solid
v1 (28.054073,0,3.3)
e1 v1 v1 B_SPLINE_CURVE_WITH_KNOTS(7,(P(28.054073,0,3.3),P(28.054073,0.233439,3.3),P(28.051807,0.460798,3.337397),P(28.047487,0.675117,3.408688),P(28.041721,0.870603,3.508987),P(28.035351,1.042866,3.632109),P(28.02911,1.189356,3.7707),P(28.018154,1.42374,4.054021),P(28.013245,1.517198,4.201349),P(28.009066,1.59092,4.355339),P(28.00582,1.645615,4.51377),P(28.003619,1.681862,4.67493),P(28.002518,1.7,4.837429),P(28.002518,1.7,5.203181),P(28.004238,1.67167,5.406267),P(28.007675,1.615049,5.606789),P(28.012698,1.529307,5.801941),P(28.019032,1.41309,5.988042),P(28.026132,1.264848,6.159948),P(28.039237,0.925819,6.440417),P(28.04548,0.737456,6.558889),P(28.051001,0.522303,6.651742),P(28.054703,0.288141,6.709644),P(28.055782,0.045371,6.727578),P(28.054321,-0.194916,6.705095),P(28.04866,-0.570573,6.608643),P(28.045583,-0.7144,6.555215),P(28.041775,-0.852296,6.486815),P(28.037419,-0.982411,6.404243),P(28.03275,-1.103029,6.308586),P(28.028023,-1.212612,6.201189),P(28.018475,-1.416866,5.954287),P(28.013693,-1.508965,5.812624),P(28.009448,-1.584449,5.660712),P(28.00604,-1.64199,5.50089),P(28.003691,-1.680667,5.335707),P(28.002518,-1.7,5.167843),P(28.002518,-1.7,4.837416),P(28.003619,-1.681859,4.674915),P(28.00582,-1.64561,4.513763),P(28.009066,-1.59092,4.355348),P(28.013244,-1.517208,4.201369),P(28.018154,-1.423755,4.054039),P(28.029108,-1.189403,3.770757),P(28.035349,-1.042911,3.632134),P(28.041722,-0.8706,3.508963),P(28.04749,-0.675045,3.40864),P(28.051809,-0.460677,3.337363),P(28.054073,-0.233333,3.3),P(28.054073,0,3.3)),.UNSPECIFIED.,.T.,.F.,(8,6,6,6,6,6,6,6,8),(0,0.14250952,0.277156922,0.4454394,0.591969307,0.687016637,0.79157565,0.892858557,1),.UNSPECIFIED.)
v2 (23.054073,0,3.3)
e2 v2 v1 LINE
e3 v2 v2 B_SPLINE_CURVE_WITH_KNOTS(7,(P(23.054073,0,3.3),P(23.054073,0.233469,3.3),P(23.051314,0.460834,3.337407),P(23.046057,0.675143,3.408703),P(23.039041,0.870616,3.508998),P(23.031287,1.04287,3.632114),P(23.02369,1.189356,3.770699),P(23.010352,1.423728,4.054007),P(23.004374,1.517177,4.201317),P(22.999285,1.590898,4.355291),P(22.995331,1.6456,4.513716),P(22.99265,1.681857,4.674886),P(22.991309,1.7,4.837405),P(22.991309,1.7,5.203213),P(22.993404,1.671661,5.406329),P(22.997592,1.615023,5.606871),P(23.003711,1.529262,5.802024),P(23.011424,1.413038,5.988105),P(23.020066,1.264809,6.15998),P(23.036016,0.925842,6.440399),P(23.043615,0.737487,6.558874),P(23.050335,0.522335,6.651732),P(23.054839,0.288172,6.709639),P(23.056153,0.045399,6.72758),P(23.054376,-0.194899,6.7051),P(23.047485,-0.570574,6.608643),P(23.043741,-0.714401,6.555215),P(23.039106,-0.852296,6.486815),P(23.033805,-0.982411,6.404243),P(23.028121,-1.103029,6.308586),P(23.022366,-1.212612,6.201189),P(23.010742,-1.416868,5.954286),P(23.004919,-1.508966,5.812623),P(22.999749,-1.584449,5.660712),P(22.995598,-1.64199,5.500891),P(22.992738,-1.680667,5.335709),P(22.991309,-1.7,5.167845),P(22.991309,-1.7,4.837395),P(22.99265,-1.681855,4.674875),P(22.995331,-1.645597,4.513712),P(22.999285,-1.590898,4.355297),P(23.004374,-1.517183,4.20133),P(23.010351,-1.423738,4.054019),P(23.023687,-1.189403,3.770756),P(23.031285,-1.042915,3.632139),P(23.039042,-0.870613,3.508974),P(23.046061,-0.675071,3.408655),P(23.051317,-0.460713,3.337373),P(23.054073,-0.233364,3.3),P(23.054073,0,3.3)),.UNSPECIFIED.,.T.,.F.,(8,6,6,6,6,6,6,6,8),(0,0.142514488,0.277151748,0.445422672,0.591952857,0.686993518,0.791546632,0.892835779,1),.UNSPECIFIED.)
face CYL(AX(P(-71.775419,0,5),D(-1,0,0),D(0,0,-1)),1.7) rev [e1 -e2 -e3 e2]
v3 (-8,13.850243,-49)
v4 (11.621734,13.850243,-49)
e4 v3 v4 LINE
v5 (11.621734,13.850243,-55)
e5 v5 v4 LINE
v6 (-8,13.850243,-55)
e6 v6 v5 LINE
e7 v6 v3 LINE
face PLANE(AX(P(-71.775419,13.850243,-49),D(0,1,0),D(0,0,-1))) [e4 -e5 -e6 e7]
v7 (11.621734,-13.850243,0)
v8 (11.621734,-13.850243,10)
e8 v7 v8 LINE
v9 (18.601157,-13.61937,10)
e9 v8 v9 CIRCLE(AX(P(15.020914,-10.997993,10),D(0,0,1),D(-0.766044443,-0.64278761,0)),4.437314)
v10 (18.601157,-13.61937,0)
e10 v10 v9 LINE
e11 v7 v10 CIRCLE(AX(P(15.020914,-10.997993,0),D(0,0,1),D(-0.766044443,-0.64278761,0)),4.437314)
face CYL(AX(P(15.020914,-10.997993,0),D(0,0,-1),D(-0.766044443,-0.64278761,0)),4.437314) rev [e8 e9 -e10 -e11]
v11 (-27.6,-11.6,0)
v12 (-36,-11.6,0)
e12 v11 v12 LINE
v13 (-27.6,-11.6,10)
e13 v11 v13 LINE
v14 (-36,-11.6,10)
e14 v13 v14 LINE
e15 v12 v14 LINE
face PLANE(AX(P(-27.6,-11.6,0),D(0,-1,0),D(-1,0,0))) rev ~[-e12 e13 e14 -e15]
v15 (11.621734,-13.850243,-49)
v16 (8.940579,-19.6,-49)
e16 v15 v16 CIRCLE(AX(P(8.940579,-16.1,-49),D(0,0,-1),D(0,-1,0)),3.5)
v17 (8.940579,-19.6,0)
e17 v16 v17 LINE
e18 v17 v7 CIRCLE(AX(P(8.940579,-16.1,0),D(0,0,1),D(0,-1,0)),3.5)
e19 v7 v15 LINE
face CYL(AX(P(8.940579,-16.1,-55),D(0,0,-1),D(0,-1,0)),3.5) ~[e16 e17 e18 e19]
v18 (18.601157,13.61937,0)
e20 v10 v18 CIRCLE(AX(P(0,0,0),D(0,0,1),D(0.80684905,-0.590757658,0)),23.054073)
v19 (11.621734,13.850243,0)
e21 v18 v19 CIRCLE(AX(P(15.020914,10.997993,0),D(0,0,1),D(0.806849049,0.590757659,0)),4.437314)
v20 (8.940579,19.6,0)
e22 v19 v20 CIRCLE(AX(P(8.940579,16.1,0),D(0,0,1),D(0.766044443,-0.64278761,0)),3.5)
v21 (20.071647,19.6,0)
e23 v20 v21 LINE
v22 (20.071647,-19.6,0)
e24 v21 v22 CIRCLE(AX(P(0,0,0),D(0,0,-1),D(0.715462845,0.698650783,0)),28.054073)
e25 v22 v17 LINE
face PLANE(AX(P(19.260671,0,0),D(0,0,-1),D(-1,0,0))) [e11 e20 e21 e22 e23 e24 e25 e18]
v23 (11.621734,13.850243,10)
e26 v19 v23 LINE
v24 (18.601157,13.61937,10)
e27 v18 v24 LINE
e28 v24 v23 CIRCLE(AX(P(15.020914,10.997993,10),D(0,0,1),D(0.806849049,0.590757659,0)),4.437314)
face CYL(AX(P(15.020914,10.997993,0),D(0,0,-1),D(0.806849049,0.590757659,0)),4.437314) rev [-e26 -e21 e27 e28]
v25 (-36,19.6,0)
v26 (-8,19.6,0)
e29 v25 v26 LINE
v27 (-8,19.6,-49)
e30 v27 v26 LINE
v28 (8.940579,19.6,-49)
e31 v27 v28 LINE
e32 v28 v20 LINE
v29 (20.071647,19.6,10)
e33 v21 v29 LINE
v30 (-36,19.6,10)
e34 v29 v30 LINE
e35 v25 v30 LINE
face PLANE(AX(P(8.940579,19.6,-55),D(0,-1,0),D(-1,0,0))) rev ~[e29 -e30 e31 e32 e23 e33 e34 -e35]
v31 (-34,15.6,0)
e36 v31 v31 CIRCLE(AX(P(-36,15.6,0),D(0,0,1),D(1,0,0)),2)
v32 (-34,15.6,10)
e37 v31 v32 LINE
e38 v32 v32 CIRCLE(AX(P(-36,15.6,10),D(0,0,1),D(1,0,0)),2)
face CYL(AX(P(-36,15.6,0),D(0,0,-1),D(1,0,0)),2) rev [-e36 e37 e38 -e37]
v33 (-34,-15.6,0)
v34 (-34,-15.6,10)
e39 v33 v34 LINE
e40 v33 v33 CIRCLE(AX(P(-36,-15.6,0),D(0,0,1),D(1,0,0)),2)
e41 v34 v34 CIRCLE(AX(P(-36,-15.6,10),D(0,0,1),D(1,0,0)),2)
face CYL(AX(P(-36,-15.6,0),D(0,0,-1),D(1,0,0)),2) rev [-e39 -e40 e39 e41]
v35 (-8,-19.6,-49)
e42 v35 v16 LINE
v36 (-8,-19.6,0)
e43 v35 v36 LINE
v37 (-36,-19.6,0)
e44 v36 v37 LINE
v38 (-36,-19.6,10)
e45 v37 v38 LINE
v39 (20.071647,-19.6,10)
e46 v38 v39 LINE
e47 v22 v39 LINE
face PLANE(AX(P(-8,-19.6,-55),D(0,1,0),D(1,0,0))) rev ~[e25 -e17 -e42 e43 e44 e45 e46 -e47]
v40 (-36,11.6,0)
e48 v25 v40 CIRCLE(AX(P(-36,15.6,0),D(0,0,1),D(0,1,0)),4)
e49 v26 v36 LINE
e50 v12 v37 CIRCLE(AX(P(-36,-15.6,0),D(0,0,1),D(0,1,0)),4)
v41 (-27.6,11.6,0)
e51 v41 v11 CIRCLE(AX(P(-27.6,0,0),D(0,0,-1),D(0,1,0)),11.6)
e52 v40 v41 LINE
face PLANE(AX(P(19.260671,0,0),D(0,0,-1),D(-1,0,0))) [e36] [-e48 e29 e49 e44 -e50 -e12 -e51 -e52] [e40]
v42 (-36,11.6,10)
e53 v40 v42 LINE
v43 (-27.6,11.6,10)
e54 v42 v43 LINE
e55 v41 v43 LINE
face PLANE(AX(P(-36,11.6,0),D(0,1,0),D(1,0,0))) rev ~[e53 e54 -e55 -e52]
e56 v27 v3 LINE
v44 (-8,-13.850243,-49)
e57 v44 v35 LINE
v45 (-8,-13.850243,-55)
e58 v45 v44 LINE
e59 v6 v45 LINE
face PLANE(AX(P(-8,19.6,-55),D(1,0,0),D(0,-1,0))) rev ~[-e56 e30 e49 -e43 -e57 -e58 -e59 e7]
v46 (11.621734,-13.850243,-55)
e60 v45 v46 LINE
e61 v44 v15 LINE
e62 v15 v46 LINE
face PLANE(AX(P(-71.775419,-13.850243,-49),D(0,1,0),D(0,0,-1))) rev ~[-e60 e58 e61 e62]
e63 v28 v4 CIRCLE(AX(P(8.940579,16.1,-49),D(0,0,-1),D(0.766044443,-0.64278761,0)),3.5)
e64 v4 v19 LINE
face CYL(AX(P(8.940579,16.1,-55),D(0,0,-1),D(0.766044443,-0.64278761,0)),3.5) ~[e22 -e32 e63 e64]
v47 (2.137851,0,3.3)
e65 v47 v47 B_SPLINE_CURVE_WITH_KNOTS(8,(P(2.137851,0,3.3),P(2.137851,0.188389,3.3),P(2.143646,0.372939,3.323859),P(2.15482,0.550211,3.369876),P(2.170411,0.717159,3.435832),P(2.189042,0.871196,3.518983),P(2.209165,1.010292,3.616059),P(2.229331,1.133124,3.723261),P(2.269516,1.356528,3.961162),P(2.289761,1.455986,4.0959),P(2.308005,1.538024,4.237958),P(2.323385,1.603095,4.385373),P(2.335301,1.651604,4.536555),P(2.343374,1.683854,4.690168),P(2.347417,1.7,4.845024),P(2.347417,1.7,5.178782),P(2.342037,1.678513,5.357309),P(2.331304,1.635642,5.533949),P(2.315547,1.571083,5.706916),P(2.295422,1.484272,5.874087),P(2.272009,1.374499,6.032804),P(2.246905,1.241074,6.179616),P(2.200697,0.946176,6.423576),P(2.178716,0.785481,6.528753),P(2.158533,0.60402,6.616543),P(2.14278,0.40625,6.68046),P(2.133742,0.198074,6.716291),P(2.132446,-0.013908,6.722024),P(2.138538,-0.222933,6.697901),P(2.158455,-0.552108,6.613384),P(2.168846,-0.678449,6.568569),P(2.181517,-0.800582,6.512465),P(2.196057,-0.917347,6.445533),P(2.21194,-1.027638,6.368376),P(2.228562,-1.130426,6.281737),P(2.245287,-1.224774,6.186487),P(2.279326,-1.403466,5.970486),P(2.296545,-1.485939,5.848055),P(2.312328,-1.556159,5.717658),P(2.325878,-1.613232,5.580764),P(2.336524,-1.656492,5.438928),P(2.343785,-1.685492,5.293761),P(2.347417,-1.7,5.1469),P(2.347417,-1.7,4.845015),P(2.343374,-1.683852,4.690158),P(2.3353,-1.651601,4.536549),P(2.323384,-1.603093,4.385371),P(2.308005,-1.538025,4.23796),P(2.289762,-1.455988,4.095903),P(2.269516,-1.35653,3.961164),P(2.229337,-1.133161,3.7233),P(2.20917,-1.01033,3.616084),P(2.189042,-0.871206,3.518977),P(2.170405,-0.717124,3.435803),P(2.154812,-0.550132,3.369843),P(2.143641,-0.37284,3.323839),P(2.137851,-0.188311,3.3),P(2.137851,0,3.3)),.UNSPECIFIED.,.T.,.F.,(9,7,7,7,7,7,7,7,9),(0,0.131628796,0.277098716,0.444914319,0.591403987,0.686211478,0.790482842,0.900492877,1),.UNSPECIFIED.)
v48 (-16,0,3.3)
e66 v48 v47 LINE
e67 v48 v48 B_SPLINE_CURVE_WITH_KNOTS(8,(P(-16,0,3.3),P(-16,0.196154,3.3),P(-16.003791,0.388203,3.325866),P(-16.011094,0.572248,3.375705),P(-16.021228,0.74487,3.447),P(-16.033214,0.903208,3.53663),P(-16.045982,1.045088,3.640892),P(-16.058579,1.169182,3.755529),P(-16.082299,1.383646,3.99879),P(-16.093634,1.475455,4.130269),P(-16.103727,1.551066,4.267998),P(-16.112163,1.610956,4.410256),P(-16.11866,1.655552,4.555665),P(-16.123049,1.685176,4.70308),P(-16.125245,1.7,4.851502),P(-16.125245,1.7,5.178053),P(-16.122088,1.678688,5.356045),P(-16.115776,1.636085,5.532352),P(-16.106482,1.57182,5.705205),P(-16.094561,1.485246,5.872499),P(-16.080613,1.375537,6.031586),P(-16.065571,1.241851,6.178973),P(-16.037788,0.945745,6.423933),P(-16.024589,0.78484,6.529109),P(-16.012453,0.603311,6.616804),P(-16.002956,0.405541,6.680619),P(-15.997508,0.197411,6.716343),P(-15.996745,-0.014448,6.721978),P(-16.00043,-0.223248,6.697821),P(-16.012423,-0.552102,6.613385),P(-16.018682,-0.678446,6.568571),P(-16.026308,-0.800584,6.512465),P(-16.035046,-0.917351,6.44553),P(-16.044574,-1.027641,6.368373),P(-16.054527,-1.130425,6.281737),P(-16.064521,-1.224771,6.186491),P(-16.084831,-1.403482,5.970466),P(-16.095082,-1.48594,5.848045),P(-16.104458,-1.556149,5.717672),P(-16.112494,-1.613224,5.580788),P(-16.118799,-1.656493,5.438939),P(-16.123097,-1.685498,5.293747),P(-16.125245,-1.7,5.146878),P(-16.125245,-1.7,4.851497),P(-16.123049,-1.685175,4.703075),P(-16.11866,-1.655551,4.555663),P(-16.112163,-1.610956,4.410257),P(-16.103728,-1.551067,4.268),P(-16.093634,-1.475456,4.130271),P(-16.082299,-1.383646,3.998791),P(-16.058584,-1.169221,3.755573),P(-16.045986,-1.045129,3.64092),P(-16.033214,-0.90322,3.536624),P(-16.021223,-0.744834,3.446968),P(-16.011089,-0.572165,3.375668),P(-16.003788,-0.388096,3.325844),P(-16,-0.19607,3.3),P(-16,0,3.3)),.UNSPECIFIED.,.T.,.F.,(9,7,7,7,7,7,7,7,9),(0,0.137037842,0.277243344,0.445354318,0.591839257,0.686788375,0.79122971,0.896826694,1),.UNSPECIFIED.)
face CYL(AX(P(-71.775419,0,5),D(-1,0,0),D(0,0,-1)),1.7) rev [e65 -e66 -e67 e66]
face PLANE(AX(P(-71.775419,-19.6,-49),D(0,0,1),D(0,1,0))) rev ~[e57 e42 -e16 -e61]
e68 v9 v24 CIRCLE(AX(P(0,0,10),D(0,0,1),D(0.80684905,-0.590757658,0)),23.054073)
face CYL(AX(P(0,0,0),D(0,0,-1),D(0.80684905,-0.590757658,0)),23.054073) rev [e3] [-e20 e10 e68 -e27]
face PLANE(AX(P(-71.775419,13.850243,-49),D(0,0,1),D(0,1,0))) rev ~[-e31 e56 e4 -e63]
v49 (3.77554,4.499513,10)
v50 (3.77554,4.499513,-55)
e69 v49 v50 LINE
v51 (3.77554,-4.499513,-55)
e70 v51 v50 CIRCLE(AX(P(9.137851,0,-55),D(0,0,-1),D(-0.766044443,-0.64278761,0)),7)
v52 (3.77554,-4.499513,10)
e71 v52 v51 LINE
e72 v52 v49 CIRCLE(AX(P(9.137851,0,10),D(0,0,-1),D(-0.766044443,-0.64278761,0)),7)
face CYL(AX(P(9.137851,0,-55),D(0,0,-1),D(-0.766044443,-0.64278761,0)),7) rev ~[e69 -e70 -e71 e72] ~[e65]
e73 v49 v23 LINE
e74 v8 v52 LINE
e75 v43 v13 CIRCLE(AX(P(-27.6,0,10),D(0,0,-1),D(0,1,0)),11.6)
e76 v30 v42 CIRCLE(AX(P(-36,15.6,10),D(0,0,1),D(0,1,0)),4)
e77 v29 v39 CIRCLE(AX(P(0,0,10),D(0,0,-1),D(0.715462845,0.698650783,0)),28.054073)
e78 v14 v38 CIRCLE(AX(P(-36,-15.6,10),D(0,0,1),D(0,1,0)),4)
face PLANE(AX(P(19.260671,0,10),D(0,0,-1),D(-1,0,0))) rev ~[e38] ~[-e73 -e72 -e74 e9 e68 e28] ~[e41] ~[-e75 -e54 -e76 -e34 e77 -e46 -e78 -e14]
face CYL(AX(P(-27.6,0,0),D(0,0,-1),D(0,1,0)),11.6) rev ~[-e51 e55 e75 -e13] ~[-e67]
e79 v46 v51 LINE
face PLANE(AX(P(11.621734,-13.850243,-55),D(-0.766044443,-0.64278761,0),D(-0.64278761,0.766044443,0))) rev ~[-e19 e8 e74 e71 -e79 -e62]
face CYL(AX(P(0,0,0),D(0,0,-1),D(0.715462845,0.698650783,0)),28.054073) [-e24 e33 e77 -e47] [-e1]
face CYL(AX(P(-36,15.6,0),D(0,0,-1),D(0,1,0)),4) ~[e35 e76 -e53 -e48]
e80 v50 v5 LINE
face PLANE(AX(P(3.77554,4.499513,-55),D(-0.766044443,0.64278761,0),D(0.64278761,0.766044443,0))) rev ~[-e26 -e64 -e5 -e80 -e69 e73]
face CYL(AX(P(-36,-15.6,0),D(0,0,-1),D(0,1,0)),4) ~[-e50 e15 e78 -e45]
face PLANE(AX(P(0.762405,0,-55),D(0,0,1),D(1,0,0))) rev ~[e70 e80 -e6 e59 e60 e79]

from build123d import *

# Parameters (mm, degrees)
SKETCH_1_R               = 2
EXTRUDE_1_DEPTH          = 10
EXTRUDE_START            = -15
EXTRUDE_2_DEPTH          = 15
EXTRUDE_START_2          = -55
EXTRUDE_3_DEPTH          = 40
CUT_EXTRUDE_1_DEPTH      = 71.775419462
CUT_EXTRUDE_1_DEPTH_BACK = 71.775419462
SKETCH_2_R               = 1.7
SKETCH_2_W               = 6
SKETCH_2_H               = 5.749756634


with BuildPart() as part:
    # 草图1 → 凸台-拉伸1 (new body)
    # profile 1 of 3: a face of its own
    with BuildSketch(Plane.XY):
        with BuildLine():
            Line((3.775539923, 4.499513268), (11.6217341, 13.850243366))
            ThreePointArc((11.6217341, 13.850243366), (12.112655804, 17.579163916), (8.940578549, 19.6))
            Line((8.940578549, 19.6), (-8, 19.6))
            Line((-8, 19.6), (-8, -19.6))
            Line((-8, -19.6), (8.940578549, -19.6))
            ThreePointArc((8.940578549, -19.6), (12.112655804, -17.579163916), (11.6217341, -13.850243366))
            Line((11.6217341, -13.850243366), (3.775539923, -4.499513268))
            ThreePointArc((3.775539923, -4.499513268), (2.137851025, 0), (3.775539923, 4.499513268))
        make_face()
    # profile 2 of 3: a face of its own
    with BuildSketch(Plane.XY):
        with BuildLine():
            Line((-8, -19.6), (-8, 19.6))
            Line((-8, 19.6), (-21.5, 19.6))
            Line((-21.5, 19.6), (-36, 19.6))
            ThreePointArc((-36, 19.6), (-40, 15.6), (-36, 11.6))
            Line((-36, 11.6), (-27.6, 11.6))
            ThreePointArc((-27.6, 11.6), (-16, 0), (-27.6, -11.6))
            Line((-27.6, -11.6), (-36, -11.6))
            ThreePointArc((-36, -11.6), (-40, -15.6), (-36, -19.6))
            Line((-36, -19.6), (-21.5, -19.6))
            Line((-21.5, -19.6), (-8, -19.6))
        make_face()
        with Locations((-36, -15.6)):
            Circle(SKETCH_1_R, mode=Mode.SUBTRACT)
        with Locations((-36, 15.6)):
            Circle(SKETCH_1_R, mode=Mode.SUBTRACT)
    # profile 3 of 3: a face of its own
    with BuildSketch(Plane.XY):
        with BuildLine():
            ThreePointArc((18.601156804, 13.619370123), (15.167616283, 15.432881266), (11.6217341, 13.850243366))
            ThreePointArc((11.6217341, 13.850243366), (12.112655804, 17.579163916), (8.940578549, 19.6))
            Line((8.940578549, 19.6), (20.071646816, 19.6))
            ThreePointArc((20.071646816, 19.6), (28.054072893, 0), (20.071646816, -19.6))
            Line((20.071646816, -19.6), (8.940578549, -19.6))
            ThreePointArc((8.940578549, -19.6), (12.112655804, -17.579163916), (11.6217341, -13.850243366))
            ThreePointArc((11.6217341, -13.850243366), (15.167616283, -15.432881266), (18.601156804, -13.619370123))
            ThreePointArc((18.601156804, -13.619370123), (23.054072893, 0), (18.601156804, 13.619370123))
        make_face()
    extrude(amount=EXTRUDE_1_DEPTH)

    # 草图1<3> → 凸台-拉伸2 (add)
    with BuildSketch(Plane.XY.offset(EXTRUDE_START)):
        with BuildLine():
            Line((3.775539923, 4.499513268), (11.6217341, 13.850243366))
            ThreePointArc((11.6217341, 13.850243366), (12.112655804, 17.579163916), (8.940578549, 19.6))
            Line((8.940578549, 19.6), (-8, 19.6))
            Line((-8, 19.6), (-8, -19.6))
            Line((-8, -19.6), (8.940578549, -19.6))
            ThreePointArc((8.940578549, -19.6), (12.112655804, -17.579163916), (11.6217341, -13.850243366))
            Line((11.6217341, -13.850243366), (3.775539923, -4.499513268))
            ThreePointArc((3.775539923, -4.499513268), (2.137851025, 0), (3.775539923, 4.499513268))
        make_face()
    extrude(amount=EXTRUDE_2_DEPTH)

    # 草图1<4> → 凸台-拉伸3 (add)
    with BuildSketch(Plane.XY.offset(EXTRUDE_START_2)):
        with BuildLine():
            Line((3.775539923, 4.499513268), (11.6217341, 13.850243366))
            ThreePointArc((11.6217341, 13.850243366), (12.112655804, 17.579163916), (8.940578549, 19.6))
            Line((8.940578549, 19.6), (-8, 19.6))
            Line((-8, 19.6), (-8, -19.6))
            Line((-8, -19.6), (8.940578549, -19.6))
            ThreePointArc((8.940578549, -19.6), (12.112655804, -17.579163916), (11.6217341, -13.850243366))
            Line((11.6217341, -13.850243366), (3.775539923, -4.499513268))
            ThreePointArc((3.775539923, -4.499513268), (2.137851025, 0), (3.775539923, 4.499513268))
        make_face()
    extrude(amount=EXTRUDE_3_DEPTH)

    # 草图2 → 切除-拉伸1 (cut, two sides: drawn at the far end of the back side and taken through both)
    with BuildSketch(Plane(origin=(0, 0, 0), x_dir=(0, 0, -1), z_dir=(1, 0, 0)).offset(-CUT_EXTRUDE_1_DEPTH_BACK)):
        with Locations((-5, 0)):
            Circle(SKETCH_2_R)
        with Locations((52, 16.725121683)):
            Rectangle(SKETCH_2_W, SKETCH_2_H)
        with Locations((52, -16.725121683)):
            Rectangle(SKETCH_2_W, SKETCH_2_H)
    extrude(amount=CUT_EXTRUDE_1_DEPTH + CUT_EXTRUDE_1_DEPTH_BACK, mode=Mode.SUBTRACT)


solid = part.part
